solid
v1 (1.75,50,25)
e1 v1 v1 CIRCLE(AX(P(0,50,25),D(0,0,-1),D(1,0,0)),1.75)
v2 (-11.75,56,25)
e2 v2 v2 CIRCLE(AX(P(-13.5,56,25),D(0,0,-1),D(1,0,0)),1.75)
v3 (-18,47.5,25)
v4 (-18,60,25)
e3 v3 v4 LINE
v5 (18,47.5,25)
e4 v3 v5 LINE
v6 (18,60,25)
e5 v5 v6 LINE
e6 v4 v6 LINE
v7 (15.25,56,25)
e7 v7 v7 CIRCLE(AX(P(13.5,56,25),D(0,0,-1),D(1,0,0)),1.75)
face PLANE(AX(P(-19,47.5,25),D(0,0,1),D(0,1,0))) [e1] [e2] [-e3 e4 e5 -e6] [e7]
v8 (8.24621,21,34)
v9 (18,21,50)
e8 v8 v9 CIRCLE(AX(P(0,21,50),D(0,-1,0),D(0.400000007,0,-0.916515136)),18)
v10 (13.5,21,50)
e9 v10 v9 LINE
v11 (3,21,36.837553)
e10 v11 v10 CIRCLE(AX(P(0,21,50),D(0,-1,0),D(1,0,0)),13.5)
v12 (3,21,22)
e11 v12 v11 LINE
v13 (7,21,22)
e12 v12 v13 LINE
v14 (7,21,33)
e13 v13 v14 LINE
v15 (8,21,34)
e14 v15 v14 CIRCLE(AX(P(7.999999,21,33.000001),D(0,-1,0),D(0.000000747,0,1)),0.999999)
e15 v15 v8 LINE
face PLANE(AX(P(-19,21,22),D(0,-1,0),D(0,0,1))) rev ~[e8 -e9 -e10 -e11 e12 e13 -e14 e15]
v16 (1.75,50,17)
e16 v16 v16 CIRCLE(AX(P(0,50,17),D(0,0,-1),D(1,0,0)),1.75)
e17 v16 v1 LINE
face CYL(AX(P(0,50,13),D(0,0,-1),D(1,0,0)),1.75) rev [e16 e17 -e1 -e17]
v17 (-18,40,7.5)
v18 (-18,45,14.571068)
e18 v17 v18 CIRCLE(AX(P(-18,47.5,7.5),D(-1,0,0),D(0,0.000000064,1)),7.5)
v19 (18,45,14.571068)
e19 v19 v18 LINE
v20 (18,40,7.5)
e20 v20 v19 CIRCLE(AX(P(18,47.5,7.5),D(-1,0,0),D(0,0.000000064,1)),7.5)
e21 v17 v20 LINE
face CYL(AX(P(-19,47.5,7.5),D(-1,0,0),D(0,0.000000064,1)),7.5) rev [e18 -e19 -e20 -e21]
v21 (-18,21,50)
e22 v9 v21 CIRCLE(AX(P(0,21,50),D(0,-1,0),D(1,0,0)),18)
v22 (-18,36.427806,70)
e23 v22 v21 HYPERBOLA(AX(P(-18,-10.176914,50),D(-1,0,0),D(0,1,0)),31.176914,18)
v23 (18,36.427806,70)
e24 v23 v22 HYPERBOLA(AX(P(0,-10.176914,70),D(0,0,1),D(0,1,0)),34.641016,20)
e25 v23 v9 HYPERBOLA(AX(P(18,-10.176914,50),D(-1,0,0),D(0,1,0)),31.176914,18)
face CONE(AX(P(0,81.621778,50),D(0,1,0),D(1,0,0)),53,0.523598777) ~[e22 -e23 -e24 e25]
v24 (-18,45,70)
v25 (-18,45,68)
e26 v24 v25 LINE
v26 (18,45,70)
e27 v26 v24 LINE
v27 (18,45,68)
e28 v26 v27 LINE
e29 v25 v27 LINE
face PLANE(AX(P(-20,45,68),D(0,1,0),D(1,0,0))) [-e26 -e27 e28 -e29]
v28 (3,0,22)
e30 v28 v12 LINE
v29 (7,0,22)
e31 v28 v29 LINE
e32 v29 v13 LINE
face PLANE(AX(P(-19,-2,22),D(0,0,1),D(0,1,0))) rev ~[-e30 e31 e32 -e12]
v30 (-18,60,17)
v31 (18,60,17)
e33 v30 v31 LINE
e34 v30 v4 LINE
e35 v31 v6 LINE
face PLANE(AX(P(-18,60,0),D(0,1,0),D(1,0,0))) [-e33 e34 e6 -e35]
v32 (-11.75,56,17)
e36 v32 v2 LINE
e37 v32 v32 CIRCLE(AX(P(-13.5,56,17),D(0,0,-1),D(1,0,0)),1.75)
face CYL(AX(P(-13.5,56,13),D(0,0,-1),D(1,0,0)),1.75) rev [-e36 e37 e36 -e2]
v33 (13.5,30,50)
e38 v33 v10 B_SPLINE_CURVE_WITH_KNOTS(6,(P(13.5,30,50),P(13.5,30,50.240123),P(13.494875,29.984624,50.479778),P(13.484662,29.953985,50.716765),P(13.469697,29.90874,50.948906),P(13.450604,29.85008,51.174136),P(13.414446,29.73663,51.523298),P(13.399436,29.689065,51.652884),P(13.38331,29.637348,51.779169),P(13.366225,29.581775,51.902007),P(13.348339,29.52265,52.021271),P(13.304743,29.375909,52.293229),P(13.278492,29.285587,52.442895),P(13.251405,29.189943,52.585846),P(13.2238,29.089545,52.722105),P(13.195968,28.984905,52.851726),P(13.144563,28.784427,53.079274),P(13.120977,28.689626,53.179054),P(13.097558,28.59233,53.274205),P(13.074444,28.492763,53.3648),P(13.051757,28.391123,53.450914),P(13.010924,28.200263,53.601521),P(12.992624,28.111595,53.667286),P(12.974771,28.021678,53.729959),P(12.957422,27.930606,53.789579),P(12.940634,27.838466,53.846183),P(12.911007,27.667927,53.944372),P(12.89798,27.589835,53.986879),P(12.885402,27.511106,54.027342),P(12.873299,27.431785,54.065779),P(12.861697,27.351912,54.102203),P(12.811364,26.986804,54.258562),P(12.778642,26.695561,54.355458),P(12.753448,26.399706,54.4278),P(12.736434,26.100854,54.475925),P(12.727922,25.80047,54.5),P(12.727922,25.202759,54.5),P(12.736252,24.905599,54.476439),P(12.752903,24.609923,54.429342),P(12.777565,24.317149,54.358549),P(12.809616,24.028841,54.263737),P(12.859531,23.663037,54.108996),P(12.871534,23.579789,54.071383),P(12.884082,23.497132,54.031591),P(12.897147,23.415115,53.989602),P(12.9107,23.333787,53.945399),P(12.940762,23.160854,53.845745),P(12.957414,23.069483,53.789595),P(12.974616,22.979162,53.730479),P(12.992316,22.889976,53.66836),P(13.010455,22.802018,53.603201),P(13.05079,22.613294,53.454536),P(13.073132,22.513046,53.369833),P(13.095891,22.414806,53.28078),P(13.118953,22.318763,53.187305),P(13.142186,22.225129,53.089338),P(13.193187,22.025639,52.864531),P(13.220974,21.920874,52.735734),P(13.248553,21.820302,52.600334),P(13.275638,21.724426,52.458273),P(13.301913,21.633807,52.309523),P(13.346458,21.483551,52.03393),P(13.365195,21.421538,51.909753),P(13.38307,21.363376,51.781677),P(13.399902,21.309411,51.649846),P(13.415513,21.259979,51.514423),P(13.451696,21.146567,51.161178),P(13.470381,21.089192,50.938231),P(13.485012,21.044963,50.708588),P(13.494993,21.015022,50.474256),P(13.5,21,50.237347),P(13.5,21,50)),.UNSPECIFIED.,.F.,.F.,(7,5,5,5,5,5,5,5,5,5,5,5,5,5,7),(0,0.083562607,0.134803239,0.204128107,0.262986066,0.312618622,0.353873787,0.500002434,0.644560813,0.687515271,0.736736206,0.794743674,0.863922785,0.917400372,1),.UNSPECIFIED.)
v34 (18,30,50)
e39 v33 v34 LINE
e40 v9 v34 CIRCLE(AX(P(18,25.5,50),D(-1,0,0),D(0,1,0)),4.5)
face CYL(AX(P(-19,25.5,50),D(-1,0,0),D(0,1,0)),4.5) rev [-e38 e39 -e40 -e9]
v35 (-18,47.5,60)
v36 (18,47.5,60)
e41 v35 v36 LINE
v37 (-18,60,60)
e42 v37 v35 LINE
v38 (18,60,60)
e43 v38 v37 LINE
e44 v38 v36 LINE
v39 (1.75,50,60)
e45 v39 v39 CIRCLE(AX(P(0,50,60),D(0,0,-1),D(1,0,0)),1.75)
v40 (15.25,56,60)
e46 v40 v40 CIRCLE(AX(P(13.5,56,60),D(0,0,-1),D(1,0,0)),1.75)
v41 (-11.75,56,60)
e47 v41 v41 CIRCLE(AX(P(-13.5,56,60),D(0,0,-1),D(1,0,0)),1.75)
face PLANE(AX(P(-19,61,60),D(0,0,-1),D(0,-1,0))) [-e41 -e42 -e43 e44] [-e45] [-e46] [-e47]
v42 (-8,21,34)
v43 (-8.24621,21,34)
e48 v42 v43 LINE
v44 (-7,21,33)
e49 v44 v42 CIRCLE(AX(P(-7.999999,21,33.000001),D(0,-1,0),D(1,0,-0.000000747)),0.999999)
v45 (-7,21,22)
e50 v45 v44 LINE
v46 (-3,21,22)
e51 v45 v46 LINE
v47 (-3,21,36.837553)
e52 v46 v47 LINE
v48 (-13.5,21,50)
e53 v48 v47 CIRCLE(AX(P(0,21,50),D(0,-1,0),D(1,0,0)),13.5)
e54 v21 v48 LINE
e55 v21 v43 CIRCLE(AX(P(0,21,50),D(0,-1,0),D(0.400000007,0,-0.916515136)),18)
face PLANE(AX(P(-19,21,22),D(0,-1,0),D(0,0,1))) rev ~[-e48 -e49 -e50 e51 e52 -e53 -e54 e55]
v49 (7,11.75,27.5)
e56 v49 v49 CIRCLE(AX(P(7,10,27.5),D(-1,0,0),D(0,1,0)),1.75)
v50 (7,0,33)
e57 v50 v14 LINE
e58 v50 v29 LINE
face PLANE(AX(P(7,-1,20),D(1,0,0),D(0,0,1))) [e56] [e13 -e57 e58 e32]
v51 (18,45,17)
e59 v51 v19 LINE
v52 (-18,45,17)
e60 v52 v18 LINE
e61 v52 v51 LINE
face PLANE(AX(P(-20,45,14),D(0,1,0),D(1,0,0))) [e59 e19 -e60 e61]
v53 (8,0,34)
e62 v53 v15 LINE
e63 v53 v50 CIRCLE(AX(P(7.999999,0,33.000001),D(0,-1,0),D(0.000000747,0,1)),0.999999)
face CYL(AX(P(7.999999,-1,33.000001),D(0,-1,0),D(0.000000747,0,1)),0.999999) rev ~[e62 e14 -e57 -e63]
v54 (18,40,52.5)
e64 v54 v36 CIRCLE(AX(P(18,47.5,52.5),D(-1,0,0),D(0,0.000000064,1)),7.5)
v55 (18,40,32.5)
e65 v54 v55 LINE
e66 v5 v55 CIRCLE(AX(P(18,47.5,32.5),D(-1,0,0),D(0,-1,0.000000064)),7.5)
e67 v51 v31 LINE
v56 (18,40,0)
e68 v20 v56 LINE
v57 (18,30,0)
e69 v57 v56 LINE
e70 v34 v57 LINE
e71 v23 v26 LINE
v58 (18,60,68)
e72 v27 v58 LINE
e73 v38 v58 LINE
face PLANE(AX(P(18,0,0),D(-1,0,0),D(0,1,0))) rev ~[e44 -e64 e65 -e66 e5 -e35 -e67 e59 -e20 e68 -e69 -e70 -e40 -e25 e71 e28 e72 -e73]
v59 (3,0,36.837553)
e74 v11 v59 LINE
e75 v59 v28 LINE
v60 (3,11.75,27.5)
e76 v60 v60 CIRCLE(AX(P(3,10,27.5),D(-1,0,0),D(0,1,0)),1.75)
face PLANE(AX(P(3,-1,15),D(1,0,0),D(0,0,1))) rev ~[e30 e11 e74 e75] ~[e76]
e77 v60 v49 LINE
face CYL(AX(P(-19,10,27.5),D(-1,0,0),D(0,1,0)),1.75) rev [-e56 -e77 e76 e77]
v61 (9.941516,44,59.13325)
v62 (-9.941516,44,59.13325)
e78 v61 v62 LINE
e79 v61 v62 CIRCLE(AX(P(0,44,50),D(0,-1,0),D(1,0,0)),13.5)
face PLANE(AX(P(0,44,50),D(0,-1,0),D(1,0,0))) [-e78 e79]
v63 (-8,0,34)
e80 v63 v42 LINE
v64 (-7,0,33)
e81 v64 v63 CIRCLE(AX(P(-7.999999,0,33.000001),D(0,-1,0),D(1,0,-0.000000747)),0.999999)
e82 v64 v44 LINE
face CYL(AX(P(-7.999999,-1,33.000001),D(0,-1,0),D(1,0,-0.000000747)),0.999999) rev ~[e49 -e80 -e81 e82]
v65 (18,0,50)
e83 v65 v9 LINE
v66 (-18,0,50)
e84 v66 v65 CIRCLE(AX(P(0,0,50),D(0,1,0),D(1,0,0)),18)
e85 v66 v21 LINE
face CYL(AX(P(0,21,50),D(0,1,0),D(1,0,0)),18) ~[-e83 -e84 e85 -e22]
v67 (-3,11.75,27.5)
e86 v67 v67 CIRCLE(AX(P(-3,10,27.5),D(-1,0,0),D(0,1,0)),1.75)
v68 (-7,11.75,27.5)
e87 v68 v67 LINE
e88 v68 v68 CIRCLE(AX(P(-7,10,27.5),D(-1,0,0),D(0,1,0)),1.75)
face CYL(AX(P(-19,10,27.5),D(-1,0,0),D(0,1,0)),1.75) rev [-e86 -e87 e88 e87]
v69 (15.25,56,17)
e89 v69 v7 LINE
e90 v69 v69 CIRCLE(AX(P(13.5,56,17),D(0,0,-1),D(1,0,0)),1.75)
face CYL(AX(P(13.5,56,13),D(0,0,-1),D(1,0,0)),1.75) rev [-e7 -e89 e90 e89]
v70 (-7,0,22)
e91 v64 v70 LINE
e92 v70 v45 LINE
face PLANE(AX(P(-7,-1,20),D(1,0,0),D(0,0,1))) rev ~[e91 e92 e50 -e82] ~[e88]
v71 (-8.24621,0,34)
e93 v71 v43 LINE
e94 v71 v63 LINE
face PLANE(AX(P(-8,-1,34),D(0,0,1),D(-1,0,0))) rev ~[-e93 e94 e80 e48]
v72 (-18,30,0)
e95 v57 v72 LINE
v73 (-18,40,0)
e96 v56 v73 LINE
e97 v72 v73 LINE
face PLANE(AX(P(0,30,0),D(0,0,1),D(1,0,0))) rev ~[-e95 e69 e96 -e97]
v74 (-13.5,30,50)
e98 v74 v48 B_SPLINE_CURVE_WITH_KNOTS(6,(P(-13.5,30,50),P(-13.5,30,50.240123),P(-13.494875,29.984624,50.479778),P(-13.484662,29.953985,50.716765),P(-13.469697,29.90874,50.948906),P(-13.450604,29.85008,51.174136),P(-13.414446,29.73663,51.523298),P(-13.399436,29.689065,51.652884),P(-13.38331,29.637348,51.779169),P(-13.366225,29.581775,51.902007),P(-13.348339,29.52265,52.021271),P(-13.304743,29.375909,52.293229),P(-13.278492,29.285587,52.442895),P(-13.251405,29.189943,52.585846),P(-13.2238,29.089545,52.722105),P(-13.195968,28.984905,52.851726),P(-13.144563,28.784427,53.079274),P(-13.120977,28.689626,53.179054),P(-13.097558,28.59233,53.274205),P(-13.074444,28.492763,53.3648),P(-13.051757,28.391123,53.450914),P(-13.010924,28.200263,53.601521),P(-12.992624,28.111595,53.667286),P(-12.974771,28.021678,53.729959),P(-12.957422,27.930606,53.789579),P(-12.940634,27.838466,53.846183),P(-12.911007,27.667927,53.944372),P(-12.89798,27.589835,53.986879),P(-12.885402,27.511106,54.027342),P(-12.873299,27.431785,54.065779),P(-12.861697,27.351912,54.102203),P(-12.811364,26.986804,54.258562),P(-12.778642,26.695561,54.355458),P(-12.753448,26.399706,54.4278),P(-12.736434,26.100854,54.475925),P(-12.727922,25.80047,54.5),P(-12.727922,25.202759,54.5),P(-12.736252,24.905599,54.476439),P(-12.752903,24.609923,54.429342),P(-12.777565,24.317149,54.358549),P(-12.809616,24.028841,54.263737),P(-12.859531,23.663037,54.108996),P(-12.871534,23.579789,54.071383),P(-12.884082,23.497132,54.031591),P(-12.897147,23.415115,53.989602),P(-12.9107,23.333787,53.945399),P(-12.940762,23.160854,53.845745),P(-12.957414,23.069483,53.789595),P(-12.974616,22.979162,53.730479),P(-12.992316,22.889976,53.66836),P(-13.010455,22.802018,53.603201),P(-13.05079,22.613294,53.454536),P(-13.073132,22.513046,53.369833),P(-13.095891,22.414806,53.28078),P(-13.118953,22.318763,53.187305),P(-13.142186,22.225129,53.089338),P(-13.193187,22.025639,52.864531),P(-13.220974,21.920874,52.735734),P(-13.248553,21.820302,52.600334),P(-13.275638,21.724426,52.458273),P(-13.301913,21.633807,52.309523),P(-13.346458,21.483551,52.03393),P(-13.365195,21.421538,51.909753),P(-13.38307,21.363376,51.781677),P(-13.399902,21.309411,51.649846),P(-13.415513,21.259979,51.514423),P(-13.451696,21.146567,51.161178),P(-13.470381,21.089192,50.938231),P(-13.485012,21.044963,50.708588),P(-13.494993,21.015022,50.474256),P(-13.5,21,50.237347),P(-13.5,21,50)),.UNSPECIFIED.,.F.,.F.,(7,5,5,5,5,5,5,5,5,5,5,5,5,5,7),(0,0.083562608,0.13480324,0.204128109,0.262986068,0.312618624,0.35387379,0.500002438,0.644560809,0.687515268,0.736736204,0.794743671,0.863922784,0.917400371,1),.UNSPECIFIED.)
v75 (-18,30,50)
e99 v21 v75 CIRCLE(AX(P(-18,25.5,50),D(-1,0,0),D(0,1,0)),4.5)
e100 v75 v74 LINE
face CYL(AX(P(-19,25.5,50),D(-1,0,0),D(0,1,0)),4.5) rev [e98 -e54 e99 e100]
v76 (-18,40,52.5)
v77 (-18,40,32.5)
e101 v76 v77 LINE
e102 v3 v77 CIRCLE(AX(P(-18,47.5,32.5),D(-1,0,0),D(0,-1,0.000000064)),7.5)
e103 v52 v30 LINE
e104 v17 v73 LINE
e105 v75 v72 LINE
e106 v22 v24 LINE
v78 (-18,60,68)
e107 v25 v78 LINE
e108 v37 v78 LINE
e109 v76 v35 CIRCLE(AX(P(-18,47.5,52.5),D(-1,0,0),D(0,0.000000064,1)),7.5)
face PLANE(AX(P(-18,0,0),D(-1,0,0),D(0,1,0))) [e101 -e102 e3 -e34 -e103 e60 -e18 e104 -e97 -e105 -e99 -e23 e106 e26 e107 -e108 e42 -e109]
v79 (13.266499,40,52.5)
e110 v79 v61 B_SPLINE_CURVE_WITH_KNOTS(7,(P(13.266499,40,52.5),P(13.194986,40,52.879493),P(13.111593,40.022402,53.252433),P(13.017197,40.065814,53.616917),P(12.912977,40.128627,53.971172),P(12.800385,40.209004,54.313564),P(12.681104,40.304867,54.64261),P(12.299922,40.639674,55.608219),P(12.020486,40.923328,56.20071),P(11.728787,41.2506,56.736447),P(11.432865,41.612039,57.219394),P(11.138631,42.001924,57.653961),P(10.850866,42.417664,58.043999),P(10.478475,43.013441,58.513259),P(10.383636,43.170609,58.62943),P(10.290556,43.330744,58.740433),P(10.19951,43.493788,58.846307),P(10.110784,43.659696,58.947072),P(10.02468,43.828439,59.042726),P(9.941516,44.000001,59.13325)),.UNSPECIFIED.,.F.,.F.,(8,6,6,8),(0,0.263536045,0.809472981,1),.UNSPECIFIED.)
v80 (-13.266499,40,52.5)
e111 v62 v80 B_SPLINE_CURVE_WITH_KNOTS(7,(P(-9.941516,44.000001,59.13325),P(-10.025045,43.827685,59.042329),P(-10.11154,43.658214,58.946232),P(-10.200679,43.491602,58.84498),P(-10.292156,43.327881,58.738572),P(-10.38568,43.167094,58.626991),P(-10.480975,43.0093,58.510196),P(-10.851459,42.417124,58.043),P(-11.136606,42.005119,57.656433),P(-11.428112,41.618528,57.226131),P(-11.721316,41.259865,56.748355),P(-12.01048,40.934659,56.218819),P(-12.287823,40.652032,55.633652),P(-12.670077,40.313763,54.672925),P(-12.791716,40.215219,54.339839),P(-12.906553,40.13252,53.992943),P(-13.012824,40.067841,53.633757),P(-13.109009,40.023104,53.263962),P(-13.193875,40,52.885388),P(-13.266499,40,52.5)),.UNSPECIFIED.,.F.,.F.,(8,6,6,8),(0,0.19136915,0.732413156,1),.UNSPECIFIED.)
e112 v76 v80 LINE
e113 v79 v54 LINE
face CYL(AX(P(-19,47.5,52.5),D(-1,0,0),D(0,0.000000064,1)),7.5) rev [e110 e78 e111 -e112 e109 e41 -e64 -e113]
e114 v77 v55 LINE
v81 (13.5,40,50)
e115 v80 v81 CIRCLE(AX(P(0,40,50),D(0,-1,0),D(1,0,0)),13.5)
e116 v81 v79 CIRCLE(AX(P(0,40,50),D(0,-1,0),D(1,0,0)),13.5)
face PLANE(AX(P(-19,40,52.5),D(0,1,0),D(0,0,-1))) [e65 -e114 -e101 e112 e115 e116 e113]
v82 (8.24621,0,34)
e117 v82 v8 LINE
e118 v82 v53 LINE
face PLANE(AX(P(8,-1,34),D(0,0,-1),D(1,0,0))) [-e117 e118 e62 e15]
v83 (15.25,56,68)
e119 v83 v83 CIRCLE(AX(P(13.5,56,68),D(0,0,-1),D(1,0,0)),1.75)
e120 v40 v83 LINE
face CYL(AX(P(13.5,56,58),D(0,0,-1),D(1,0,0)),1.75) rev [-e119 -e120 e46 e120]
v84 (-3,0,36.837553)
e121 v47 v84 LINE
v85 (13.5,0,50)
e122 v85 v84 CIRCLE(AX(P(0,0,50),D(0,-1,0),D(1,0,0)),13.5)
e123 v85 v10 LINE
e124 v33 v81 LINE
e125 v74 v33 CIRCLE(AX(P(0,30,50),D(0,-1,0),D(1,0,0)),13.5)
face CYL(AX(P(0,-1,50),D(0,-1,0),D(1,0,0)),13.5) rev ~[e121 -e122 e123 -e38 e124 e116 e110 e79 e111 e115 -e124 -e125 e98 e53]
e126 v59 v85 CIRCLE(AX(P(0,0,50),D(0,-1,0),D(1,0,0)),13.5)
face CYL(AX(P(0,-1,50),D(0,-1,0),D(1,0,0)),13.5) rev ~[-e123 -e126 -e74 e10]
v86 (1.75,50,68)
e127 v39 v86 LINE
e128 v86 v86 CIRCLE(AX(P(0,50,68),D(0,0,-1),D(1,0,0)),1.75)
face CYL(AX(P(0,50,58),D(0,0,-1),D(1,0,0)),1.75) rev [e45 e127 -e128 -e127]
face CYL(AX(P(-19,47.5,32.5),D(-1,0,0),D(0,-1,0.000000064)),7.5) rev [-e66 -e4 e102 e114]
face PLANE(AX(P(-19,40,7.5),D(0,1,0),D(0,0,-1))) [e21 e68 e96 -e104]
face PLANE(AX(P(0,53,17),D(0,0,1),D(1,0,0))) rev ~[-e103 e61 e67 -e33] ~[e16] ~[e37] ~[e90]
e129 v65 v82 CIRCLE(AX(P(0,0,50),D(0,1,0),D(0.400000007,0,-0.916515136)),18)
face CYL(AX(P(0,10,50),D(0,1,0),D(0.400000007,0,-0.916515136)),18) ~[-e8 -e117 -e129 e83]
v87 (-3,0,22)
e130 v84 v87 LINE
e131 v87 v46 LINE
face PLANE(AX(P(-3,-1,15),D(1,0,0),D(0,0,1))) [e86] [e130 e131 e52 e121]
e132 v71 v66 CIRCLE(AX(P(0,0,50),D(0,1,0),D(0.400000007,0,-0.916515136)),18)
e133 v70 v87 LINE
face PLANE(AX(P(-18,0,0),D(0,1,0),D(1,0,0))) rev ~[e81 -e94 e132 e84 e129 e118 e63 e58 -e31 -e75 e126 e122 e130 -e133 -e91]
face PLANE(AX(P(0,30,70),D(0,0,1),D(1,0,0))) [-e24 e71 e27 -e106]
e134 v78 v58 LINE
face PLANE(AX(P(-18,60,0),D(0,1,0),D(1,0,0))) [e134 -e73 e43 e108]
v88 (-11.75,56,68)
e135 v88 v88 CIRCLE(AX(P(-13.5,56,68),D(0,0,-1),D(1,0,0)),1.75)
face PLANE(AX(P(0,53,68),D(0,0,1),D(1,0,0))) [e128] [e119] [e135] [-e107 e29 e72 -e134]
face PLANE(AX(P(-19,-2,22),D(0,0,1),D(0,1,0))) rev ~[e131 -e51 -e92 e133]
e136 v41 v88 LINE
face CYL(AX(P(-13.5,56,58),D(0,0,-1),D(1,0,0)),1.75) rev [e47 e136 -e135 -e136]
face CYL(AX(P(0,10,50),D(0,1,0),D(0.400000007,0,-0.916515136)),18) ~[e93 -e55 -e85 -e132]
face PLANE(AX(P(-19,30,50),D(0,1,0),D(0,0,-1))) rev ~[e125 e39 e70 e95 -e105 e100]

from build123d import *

# Parameters (mm, degrees)
SKETCH021_R                          = 1.75
EXTRUDE005_DEPTH                     = 15
SKETCH020_W                          = 40
SKETCH020_H                          = 16
EXTRUDE003_DEPTH                     = 3
SKETCH016_AS_DRAWN_R                 = 13.5
EXTRUDE001_DEPTH                     = 45
EXTRUDE001_ONTO_SKETCH016_ROLL_ANGLE = 90
SKETCH017_AS_DRAWN_W                 = 6
SKETCH017_AS_DRAWN_H                 = 25
EXTRUDE002_DEPTH                     = 30
EXTRUDE002_ONTO_SKETCH017_ROLL_ANGLE = 90
EXTRUDE006_DEPTH                     = 15
EXTRUDE004_DEPTH                     = 3
SKETCH_R                             = 1.75
EXTRUDE_DEPTH                        = 38
SKETCH014_W                          = 22
SKETCH014_H                          = 20
BOX_W                                = 36
BOX_H                                = 60
BOX_DEPTH                            = 70


with BuildPart() as extrude005:
    # Sketch021 → Extrude005 (new body)
    with BuildSketch(Plane.XY):
        with Locations((-13.5, 56)):
            Circle(SKETCH021_R)
        with Locations((13.5, 56)):
            Circle(SKETCH021_R)
        with Locations((0, 50)):
            Circle(SKETCH021_R)
    extrude(amount=EXTRUDE005_DEPTH)


with BuildPart() as extrude005_1:
    # Extrude005 placement: moved
    add(extrude005.part.moved(Location((0, 0, 13))))


with BuildPart() as extrude003:
    # Sketch020 → Extrude003 (new body)
    with BuildSketch(Plane.XY):
        with Locations((0, 53)):
            Rectangle(SKETCH020_W, SKETCH020_H)
    extrude(amount=EXTRUDE003_DEPTH)


with BuildPart() as extrude003_1:
    # Extrude003 placement: moved
    add(extrude003.part.moved(Location((0, 0, 68))))


with BuildPart() as extrude_tube_hole:
    # Sketch016 as drawn → Extrude001 (new)
    with BuildSketch(Plane.XY):
        with Locations((0, 50)):
            Circle(SKETCH016_AS_DRAWN_R)
    extrude(amount=-EXTRUDE001_DEPTH)


with BuildPart() as extrude_tube_hole_1:
    # Extrude001 onto Sketch016 roll: moved
    add(extrude_tube_hole.part.rotate(Axis((0, 0, 0), (1, 0, 0)), EXTRUDE001_ONTO_SKETCH016_ROLL_ANGLE))


with BuildPart() as extrude_tube_hole_2:
    # Extrude001 onto Sketch016 placement: moved
    add(extrude_tube_hole_1.part)


with BuildPart() as extrude_tube_hole_3:
    # Extrude001 placement: moved
    add(extrude_tube_hole_2.part.moved(Location((0, -1, 0))))


with BuildPart() as arc_ext:
    # Sketch017 as drawn → Extrude002 (new)
    with BuildSketch(Plane.XY):
        with BuildLine():
            Line((8, 34), (20, 34))
            Line((20, 34), (20, 20))
            Line((20, 20), (7, 20))
            Line((7, 20), (7, 33))
            ThreePointArc((8, 34), (7.292893, 33.707107), (7, 33))
        make_face()
        with BuildLine():
            Line((-8, 34), (-20, 34))
            Line((-20, 34), (-20, 20))
            Line((-20, 20), (-7, 20))
            Line((-7, 20), (-7, 33))
            ThreePointArc((-7, 33), (-7.292893, 33.707107), (-8, 34))
        make_face()
        with Locations((0, 27.5)):
            Rectangle(SKETCH017_AS_DRAWN_W, SKETCH017_AS_DRAWN_H)
    extrude(amount=-EXTRUDE002_DEPTH)


with BuildPart() as arc_ext_1:
    # Extrude002 onto Sketch017 roll: moved
    add(arc_ext.part.rotate(Axis((0, 0, 0), (1, 0, 0)), EXTRUDE002_ONTO_SKETCH017_ROLL_ANGLE))


with BuildPart() as arc_ext_2:
    # Extrude002 onto Sketch017 placement: moved
    add(arc_ext_1.part)


with BuildPart() as arc_ext_3:
    # Extrude002 placement: moved
    add(arc_ext_2.part.moved(Location((0, -1, 0))))


with BuildPart() as extrude006:
    # Sketch021 → Extrude006 (new body)
    with BuildSketch(Plane.XY):
        with Locations((-13.5, 56)):
            Circle(SKETCH021_R)
        with Locations((13.5, 56)):
            Circle(SKETCH021_R)
        with Locations((0, 50)):
            Circle(SKETCH021_R)
    extrude(amount=EXTRUDE006_DEPTH)


with BuildPart() as extrude006_1:
    # Extrude006 placement: moved
    add(extrude006.part.moved(Location((0, 0, 58))))


with BuildPart() as extrude004:
    # Sketch020 → Extrude004 (new body)
    with BuildSketch(Plane.XY):
        with Locations((0, 53)):
            Rectangle(SKETCH020_W, SKETCH020_H)
    extrude(amount=EXTRUDE004_DEPTH)


with BuildPart() as extrude004_1:
    # Extrude004 placement: moved
    add(extrude004.part.moved(Location((0, 0, 14))))


with BuildPart() as fusion001:
    # Sketch → Extrude (new body)
    with BuildSketch(Plane.YZ):
        with Locations((10, 27.5)):
            Circle(SKETCH_R)
        with BuildLine():
            Line((61, 60), (47.5, 60))
            ThreePointArc((47.5, 60), (42.196699, 57.803301), (40, 52.5))
            Line((40, 52.5), (40, 32.5))
            ThreePointArc((40, 32.5), (42.196699, 27.196699), (47.5, 25))
            Line((47.5, 25), (61, 25))
            Line((61, 25), (61, 60))
        make_face()
        with BuildLine():
            Line((61, 15), (47.5, 15))
            ThreePointArc((47.5, 15), (42.196699, 12.803301), (40, 7.5))
            Line((40, 7.5), (40, -2))
            Line((40, -2), (61, -2))
            Line((61, -2), (61, 15))
        make_face()
        with BuildLine():
            Line((30, 50), (30, -2))
            Line((30, -2), (-2, -2))
            Line((-2, -2), (-2, 22))
            Line((-2, 22), (21, 22))
            Line((21, 22), (21, 50))
            ThreePointArc((30, 50), (25.5, 54.5), (21, 50))
        make_face()
    extrude(amount=EXTRUDE_DEPTH)


with BuildPart() as fusion001_1:
    # Extrude placement: moved
    add(fusion001.part.moved(Location((-19, 0, 0))))

    # Fusion001: union Extrude005, Extrude003, Extrude-tube-hole, arc-ext, Extrude006, Extrude004
    add(extrude005_1.part)
    add(extrude003_1.part)
    add(extrude_tube_hole_3.part)
    add(arc_ext_3.part)
    add(extrude006_1.part)
    add(extrude004_1.part)


with BuildPart() as sweep_body:
    # Sweep: sweep along a path in Sketch015
    with BuildLine(Plane.XZ) as sweep_path:
        ThreePointArc((4, 40.834849), (0, 60), (-4, 40.834849))
    # Sketch014 → Sweep (sweep)
    with BuildSketch(Plane(origin=(0, -1, 0), x_dir=(0, 1, 0), z_dir=(1, 0, 0))):
        with Locations((11, 78)):
            Rectangle(SKETCH014_W, SKETCH014_H)
    sweep(path=sweep_path.line)


with BuildPart() as fusion:
    # Sweep001: sweep along a path in Sketch019
    with BuildLine(Plane.XZ) as sweep001_path:
        ThreePointArc((10, 50), (0, 60), (-10, 50))
    # Sketch018 → Sweep001 (sweep)
    with BuildSketch(Plane(origin=(0, -1, 0), x_dir=(0, 1, 0), z_dir=(1, 0, 0))):
        Polygon((22, 68), (0, 68), (82.621778, 103), align=None)
    sweep(path=sweep001_path.line)

    # Fusion: union Sweep body
    add(sweep_body.part)


with BuildPart() as cut001:
    # Box → Box (new body)
    with BuildSketch(Plane(origin=(-18, 0, 0), x_dir=(1, 0, 0), z_dir=(0, 0, 1))):
        with Locations((18, 30)):
            Rectangle(BOX_W, BOX_H)
    extrude(amount=BOX_DEPTH)

    # Cut: cut Fusion
    add(fusion.part, mode=Mode.SUBTRACT)

    # Cut001: cut Fusion001
    add(fusion001_1.part, mode=Mode.SUBTRACT)


solid = cut001.part
